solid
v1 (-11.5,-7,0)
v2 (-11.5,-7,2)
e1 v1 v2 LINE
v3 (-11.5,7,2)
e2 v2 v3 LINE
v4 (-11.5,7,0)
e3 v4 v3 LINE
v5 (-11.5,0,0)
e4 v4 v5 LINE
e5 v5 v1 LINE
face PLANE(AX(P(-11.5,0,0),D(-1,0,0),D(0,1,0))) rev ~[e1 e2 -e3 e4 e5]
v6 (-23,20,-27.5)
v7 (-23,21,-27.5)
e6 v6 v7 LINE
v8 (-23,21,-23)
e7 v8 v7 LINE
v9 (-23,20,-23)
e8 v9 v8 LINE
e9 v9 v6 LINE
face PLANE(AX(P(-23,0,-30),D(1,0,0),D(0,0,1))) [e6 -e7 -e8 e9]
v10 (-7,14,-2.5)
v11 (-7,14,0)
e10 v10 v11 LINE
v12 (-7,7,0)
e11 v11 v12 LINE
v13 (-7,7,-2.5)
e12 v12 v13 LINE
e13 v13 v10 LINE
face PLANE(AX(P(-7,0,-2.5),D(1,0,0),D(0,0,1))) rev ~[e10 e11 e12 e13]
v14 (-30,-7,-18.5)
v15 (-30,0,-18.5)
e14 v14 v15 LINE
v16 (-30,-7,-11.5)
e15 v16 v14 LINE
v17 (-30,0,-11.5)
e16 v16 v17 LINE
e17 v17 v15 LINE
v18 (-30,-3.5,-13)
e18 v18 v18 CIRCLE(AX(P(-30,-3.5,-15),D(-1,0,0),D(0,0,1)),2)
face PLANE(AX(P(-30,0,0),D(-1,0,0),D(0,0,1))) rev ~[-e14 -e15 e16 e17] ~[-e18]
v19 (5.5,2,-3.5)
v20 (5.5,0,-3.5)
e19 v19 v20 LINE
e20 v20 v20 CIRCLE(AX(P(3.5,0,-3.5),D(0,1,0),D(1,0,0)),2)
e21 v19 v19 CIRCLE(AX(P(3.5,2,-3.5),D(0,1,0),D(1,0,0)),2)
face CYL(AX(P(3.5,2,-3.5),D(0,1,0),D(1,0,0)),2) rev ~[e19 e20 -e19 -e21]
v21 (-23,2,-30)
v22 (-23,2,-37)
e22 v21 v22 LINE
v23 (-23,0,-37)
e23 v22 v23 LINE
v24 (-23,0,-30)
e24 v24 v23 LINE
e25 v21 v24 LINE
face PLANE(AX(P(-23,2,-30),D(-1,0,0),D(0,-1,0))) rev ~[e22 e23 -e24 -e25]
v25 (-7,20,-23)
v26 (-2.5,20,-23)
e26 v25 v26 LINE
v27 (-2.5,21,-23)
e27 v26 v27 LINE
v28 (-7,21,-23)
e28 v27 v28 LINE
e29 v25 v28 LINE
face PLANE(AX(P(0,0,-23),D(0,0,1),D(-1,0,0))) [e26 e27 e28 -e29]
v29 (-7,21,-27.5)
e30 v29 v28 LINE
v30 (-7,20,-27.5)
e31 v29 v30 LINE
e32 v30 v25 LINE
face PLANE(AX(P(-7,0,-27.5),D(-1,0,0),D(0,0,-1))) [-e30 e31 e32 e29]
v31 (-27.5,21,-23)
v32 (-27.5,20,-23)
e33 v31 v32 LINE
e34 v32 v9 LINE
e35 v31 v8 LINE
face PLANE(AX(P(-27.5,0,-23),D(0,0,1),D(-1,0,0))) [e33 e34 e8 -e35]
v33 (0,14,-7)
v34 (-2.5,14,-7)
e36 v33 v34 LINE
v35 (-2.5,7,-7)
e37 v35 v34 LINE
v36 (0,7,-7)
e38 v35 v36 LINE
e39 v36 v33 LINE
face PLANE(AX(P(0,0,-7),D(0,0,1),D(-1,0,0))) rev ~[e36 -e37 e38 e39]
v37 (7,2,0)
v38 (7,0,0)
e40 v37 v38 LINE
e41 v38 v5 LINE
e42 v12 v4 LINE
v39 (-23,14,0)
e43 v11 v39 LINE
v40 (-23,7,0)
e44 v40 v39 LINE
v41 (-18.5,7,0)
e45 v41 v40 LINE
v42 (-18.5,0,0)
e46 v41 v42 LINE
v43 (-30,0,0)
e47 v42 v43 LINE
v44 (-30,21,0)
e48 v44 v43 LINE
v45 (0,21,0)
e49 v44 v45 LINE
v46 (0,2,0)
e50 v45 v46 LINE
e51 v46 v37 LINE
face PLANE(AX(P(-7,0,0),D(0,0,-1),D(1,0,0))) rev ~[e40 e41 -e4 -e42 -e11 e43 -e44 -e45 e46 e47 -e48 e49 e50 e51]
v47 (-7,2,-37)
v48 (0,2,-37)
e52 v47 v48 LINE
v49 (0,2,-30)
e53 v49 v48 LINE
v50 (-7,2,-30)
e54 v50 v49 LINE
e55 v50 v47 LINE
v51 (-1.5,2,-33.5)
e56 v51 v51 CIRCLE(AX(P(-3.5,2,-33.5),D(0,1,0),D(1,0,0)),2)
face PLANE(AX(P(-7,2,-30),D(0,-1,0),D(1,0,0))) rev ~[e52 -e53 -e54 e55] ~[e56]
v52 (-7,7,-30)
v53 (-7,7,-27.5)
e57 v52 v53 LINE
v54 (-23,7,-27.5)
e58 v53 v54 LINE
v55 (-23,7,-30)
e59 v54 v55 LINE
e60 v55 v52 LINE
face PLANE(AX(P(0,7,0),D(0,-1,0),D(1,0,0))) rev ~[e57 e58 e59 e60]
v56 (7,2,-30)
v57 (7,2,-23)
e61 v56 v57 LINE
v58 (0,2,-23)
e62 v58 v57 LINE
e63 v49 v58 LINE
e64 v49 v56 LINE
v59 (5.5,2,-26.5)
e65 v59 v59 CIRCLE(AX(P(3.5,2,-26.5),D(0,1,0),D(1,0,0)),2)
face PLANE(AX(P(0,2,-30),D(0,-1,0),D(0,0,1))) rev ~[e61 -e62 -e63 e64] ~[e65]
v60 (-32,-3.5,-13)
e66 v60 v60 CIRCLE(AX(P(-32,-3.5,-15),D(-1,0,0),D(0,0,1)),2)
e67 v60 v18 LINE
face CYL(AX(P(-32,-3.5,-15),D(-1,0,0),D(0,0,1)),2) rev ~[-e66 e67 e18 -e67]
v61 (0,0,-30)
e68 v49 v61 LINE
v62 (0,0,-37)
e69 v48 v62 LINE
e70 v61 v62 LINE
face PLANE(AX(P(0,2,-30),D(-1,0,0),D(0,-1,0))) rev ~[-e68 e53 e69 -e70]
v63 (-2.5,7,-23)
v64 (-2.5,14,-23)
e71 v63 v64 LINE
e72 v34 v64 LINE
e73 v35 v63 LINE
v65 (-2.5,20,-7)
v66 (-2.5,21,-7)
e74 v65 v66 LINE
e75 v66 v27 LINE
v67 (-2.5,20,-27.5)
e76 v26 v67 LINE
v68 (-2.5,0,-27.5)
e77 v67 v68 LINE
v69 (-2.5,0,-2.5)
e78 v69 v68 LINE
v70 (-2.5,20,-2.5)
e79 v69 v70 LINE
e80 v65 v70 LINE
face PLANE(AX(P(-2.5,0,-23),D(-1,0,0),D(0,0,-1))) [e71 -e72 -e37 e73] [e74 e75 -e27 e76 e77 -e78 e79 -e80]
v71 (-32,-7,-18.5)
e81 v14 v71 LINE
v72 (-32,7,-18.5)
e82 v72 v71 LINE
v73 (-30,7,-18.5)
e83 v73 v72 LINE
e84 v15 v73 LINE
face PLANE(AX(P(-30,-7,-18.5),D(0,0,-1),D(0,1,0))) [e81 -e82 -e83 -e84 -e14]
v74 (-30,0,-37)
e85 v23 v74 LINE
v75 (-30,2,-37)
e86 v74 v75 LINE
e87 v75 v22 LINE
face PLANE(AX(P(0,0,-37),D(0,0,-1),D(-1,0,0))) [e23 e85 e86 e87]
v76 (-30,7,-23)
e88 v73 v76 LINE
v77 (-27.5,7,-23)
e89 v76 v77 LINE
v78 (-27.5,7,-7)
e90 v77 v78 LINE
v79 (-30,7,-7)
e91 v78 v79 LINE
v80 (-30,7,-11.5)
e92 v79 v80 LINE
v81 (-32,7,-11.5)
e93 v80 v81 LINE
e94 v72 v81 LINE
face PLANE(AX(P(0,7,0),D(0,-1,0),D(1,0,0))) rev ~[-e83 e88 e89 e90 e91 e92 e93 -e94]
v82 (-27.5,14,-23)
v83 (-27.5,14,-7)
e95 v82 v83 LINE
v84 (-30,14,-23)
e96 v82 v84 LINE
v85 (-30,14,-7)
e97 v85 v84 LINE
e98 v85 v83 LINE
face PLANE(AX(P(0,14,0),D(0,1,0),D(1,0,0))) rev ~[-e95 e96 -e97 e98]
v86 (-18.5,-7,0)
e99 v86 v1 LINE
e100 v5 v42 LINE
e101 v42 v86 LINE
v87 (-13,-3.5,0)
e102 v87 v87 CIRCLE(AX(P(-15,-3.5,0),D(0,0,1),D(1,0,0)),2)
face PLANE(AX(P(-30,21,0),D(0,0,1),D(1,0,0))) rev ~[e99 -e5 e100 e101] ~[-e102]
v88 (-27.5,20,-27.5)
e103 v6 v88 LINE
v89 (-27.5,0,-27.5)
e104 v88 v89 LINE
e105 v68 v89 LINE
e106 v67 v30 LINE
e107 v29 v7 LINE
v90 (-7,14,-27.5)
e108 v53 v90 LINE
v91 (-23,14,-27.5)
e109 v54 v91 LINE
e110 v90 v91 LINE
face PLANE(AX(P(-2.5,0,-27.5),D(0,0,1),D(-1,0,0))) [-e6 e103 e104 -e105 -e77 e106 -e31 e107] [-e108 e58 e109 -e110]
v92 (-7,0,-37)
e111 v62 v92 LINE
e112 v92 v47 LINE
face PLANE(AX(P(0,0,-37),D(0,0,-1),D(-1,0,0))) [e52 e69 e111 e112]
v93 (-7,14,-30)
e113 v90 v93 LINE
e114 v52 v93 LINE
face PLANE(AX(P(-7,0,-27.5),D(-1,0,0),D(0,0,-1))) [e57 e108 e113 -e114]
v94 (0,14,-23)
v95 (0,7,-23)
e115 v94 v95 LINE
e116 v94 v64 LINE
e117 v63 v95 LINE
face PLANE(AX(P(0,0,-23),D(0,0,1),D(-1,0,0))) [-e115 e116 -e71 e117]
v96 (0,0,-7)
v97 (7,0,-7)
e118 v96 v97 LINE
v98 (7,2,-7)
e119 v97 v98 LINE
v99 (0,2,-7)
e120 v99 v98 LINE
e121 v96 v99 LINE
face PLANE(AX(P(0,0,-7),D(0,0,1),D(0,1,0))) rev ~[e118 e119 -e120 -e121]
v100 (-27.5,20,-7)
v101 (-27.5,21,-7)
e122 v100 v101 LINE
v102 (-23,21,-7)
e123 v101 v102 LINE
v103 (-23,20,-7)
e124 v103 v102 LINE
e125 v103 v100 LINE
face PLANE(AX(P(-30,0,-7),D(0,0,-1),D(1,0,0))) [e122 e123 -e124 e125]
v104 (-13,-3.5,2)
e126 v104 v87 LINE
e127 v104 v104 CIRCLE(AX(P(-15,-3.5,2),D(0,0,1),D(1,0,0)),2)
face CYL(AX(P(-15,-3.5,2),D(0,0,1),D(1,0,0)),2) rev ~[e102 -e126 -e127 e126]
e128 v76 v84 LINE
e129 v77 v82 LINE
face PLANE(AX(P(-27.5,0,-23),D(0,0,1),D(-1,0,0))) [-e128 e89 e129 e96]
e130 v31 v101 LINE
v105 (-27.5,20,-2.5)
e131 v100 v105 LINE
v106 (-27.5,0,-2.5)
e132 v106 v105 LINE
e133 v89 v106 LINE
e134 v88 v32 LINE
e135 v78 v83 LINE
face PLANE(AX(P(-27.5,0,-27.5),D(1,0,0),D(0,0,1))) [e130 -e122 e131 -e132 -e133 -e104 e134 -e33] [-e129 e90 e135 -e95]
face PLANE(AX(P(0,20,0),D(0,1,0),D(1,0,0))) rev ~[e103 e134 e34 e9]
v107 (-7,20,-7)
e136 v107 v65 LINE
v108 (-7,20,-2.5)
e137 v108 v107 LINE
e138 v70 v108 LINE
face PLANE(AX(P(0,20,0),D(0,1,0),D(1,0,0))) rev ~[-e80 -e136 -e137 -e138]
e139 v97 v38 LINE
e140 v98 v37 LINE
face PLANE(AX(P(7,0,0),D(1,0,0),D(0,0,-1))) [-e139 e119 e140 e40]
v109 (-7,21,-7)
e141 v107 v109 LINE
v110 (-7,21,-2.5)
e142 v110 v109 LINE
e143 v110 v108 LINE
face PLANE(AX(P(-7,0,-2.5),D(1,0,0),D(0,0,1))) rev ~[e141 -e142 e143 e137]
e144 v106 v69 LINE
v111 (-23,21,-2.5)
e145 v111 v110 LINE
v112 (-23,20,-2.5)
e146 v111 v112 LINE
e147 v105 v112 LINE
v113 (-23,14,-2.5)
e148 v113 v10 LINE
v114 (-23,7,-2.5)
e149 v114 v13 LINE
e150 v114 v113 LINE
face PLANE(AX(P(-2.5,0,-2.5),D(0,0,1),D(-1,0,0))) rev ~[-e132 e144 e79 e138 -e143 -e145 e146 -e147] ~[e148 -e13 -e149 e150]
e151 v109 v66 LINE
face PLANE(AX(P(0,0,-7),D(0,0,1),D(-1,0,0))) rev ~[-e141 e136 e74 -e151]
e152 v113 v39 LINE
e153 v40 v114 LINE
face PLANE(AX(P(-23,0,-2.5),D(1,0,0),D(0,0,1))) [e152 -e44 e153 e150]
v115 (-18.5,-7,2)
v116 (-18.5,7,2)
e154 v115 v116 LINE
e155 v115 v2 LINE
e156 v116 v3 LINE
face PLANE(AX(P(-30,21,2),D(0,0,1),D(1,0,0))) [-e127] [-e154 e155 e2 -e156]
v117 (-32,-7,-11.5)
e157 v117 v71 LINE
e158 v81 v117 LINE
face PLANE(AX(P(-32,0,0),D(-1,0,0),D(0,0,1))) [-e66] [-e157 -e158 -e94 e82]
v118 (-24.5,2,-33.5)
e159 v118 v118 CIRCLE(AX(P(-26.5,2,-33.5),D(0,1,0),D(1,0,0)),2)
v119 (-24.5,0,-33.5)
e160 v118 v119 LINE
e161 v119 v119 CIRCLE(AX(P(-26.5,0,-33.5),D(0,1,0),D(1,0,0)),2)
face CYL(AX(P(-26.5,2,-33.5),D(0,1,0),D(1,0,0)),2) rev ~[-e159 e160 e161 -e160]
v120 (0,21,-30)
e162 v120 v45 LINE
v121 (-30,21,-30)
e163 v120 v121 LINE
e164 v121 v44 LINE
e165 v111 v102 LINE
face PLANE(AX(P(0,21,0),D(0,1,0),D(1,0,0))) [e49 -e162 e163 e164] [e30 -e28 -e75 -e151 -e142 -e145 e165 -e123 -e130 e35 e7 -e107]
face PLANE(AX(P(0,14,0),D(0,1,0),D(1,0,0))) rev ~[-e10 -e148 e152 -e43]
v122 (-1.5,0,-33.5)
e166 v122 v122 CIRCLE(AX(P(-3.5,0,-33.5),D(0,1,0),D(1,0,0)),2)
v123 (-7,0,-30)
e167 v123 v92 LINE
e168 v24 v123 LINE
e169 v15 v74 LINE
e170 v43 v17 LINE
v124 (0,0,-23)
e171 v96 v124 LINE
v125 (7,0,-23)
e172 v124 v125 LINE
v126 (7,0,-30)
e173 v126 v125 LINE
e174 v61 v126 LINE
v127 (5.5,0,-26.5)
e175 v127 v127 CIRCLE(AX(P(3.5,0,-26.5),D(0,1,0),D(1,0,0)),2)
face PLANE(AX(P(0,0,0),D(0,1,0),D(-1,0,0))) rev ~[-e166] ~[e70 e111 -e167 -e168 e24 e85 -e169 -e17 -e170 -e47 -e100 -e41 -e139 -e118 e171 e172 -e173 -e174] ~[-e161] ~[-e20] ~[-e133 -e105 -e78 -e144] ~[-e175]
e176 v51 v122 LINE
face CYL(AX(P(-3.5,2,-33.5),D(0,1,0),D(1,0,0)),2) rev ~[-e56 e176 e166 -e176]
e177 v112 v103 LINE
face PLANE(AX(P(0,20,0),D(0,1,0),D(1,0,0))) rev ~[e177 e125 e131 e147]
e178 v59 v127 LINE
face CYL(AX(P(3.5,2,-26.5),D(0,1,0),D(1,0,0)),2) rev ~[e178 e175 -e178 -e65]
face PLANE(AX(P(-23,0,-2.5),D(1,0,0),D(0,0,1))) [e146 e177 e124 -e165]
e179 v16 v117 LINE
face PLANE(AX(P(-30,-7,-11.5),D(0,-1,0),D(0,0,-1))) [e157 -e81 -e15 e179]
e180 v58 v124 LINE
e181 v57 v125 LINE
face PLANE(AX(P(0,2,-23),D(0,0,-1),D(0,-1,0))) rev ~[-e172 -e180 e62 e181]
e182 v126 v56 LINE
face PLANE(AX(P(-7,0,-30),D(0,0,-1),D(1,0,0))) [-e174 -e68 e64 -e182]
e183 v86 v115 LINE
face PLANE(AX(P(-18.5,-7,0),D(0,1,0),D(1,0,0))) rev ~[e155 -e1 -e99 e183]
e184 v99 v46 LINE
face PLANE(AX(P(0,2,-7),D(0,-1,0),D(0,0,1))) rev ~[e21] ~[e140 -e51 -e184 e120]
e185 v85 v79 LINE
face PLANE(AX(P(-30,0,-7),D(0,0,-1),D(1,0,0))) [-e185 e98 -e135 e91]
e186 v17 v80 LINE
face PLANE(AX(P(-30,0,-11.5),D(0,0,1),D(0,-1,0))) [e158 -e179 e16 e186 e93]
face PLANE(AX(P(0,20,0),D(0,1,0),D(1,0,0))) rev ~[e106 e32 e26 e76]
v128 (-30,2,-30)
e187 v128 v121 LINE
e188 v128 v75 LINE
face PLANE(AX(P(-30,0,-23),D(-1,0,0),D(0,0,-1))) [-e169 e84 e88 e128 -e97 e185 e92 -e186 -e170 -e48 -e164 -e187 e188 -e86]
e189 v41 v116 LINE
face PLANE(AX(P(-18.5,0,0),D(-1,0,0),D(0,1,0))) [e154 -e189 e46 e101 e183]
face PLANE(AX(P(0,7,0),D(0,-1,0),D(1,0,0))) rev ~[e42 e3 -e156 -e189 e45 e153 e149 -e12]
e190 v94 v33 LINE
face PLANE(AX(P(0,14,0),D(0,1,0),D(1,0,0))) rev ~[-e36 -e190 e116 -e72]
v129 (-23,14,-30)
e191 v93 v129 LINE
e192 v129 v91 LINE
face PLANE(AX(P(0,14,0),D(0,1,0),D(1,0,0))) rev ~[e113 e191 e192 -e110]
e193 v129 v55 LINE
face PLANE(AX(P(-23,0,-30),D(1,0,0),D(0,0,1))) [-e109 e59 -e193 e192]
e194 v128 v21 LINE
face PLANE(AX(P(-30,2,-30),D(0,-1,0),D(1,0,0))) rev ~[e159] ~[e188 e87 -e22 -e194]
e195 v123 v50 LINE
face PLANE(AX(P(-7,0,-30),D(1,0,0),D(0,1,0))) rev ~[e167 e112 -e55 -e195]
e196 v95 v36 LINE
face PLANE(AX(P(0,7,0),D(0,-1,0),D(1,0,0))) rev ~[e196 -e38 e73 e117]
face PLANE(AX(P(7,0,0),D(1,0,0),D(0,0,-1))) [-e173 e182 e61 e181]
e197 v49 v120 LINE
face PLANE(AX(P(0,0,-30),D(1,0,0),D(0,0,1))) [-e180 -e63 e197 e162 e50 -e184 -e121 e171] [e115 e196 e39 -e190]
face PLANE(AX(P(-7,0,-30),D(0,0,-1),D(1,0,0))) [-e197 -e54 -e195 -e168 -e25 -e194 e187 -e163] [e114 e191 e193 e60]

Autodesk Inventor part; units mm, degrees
ref_plane "YZ Plane" through (0, 0, 0) normal (1, 0, 0) x (0, 1, 0)
ref_plane "XZ Plane" through (0, 0, 0) normal (0, 1, 0) x (-1, 0, 0)
ref_plane "XY Plane" through (0, 0, 0) normal (0, 0, 1) x (1, 0, 0)
sketch "Sketch1" plane through (0, 0, 0) normal (0, 1, 0) x (-1, 0, 0)
  line L0 (0, 0) -> (0, -7)
  line L1 (0, -7) -> (2.5, -7)
  line L2 (2.5, -7) -> (2.5, -2.5)
  line L3 (2.5, -2.5) -> (7, -2.5)
  line L4 (7, -2.5) -> (7, 0)
  line L5 (7, 0) -> (0, 0)
  line L6 (0, -30) -> (0, -23)
  line L7 (0, -23) -> (2.5, -23)
  line L8 (2.5, -23) -> (2.5, -27.5)
  line L9 (2.5, -27.5) -> (7, -27.5)
  line L10 (7, -27.5) -> (7, -30)
  line L11 (7, -30) -> (0, -30)
  line L12 (23, 0) -> (30, 0)
  line L13 (30, 0) -> (30, -7)
  line L14 (30, -7) -> (27.5, -7)
  line L15 (27.5, -7) -> (27.5, -2.5)
  line L16 (27.5, -2.5) -> (23, -2.5)
  line L17 (23, -2.5) -> (23, 0)
  line L18 (30, -23) -> (30, -30)
  line L19 (30, -30) -> (23, -30)
  line L20 (23, -30) -> (23, -27.5)
  line L21 (23, -27.5) -> (27.5, -27.5)
  line L22 (27.5, -27.5) -> (27.5, -23)
  line L23 (27.5, -23) -> (30, -23)
  dimension "d0" = 7
  dimension "d1" = 2.5
  dimension "d2" = 4.5
  dimension "d3" = 4.5
  dimension "d8" = 7
  dimension "d9" = 4.5
  dimension "d10" = 7
  dimension "d11" = 7
  dimension "d12" = 2.5
  dimension "d13" = 30
  dimension "d14" = 30
  dimension "d15" = 30
  dimension "d16" = 2.5
  dimension "d17" = 2.5
  dimension "d18" = 4.5
  dimension "d19" = 7
extrude "Extrusion1" add sketch "Sketch1" along normal blind 20
sketch "Sketch2" plane through (0, 0, 0) normal (0, -1, 0) x (1, 0, 0)
  line L0 (0, 0) -> (-30, 0)
  line L1 (-30, 0) -> (-30, -30)
  line L2 (-30, -30) -> (0, -30)
  line L3 (0, -30) -> (0, 0)
  line L4 (-27.5, -2.5) -> (-2.5, -2.5)
  line L5 (-2.5, -2.5) -> (-2.5, -27.5)
  line L6 (-2.5, -27.5) -> (-27.5, -27.5)
  line L7 (-27.5, -27.5) -> (-23, -27.5) projected
  line L8 (-27.5, -27.5) -> (-27.5, -2.5)
extrude "Extrusion2" add sketch "Sketch2" against normal blind 7
sketch "Sketch3" plane through (0, 20, 0) normal (0, 1, 0) x (1, 0, 0)
  line L0 (0, 0) -> (-7, 0)
  line L1 (0, 0) -> (-30, 0) projected
  line L2 (-7, 0) -> (-7, 7)
  line L3 (-7, 7) -> (0, 7)
  line L4 (0, 7) -> (0, 0)
  line L5 (0, 30) -> (-7, 30)
  line L6 (-7, 30) -> (-7, 23)
  line L7 (-7, 23) -> (0, 23)
  line L8 (-2.5, 23) -> (0, 23) projected
  line L9 (0, 23) -> (0, 30)
  line L10 (0, 23) -> (0, 30) projected
  line L11 (-30, 30) -> (-30, 23)
  line L12 (-30, 0) -> (-30, 30) projected
  line L13 (-30, 23) -> (-23, 23)
  line L14 (-23, 23) -> (-23, 30)
  line L15 (-23, 30) -> (-30, 30)
  line L16 (-30, 30) -> (0, 30) projected
  line L17 (-30, 0) -> (-23, 0)
  line L18 (-23, 0) -> (-23, 7)
  line L19 (-23, 7) -> (-30, 7)
  line L20 (-27.5, 7) -> (-30, 7) projected
  line L21 (-30, 7) -> (-30, 0)
  dimension "d24" = 7
  dimension "d25" = 7
  dimension "d26" = 7
  dimension "d27" = 7
  dimension "d28" = 7
extrude "Extrusion3" add sketch "Sketch3" along normal blind 1
sketch "Sketch4" plane through (0, 0, 0) normal (1, 0, 0) x (0, 0, -1)
  line L0 (0, 0) -> (7, 0)
  line L1 (27.5, 0) -> (2.5, 0) projected
  line L2 (7, 0) -> (7, 2)
  line L3 (7, 2) -> (0, 2)
  line L4 (0, 2) -> (0, 0)
  line L5 (30, 0) -> (30, 2)
  line L6 (30, 0) -> (30, 21) projected
  line L7 (30, 2) -> (23, 2)
  line L8 (23, 2) -> (23, 0)
  line L9 (0, 0) -> (30, 0) projected
  line L10 (23, 0) -> (30, 0)
  dimension "d31" = 7
  dimension "d32" = 2
  dimension "d33" = 2
  dimension "d34" = 7
sketch "Sketch5" plane through (0, 0, -30) normal (0, 0, -1) x (-1, 0, 0)
  line L0 (0, 0) -> (7, 0)
  line L1 (7, 0) -> (7, 2)
  line L2 (7, 2) -> (0, 2)
  line L3 (0, 2) -> (0, 0)
  line L4 (30, 0) -> (30, 2)
  line L5 (30, 0) -> (30, 21) projected
  line L6 (30, 2) -> (23, 2)
  line L7 (23, 2) -> (23, 0)
  line L8 (23, 0) -> (30, 0)
  line L9 (30, 0) -> (0, 0) projected
  dimension "d35" = 7
  dimension "d36" = 2
  dimension "d37" = 2
  dimension "d38" = 7
extrude "Extrusion4" add sketch "Sketch4" along normal blind 7
extrude "Extrusion5" add sketch "Sketch5" along normal blind 7
sketch "Sketch6" plane through (0, 2, 0) normal (0, 1, 0) x (1, 0, 0)
  circle A0 centre (3.5, 3.5) radius 2
  line L0 (7, 7) -> (7, 0) projected
  line L1 (0, 0) -> (7, 0) projected
  point P0 (7, 3.5)
  point P1 (3.5, 0)
  dimension "d43" = 4
sketch "Sketch7" plane through (0, 2, -23) normal (0, 1, 0) x (1, 0, 0)
  circle A0 centre (3.5, 3.5) radius 2
  line L0 (7, 7) -> (7, 0) projected
  line L1 (0, 0) -> (7, 0) projected
  point P0 (0, -23)
  point P1 (7, 3.5)
  point P2 (3.5, 0)
  dimension "d44" = 4
sketch "Sketch8" plane through (-7, 2, -30) normal (0, 1, 0) x (1, 0, 0)
  circle A0 centre (3.5, 3.5) radius 2
  circle A1 centre (-19.5, 3.5) radius 2
  line L0 (7, 0) -> (7, 7) projected
  line L1 (7, 0) -> (0, 0) projected
  line L2 (-23, 0) -> (-23, 7) projected
  line L3 (-23, 7) -> (-16, 7) projected
  point P0 (7, -30)
  point P1 (7, 3.5)
  point P2 (3.5, 0)
  point P3 (-23, 3.5)
  point P4 (-19.5, 7)
  dimension "d45" = 4
  dimension "d46" = 4
extrude "Extrusion6" cut sketch "Sketch6" against normal blind 2
extrude "Extrusion7" cut sketch "Sketch7" against normal blind 2
extrude "Extrusion8" cut sketch "Sketch8" against normal blind 2
sketch "Sketch9" plane through (0, 21, 0) normal (0, 1, 0) x (1, 0, 0)
  line L0 (0, 30) -> (0, 0)
  line L1 (0, 0) -> (-30, 0)
  line L2 (7, 0) -> (-30, 0) projected
  line L3 (-30, 0) -> (-30, 30)
  line L4 (-30, 0) -> (-30, 37) projected
  line L5 (0, 30) -> (-30, 30)
  line L6 (-2.5, 27.5) -> (-27.5, 27.5)
  line L7 (-2.5, 27.5) -> (-27.5, 27.5) projected
  line L8 (-27.5, 27.5) -> (-27.5, 2.5)
  line L9 (-27.5, 2.5) -> (-2.5, 2.5)
  line L10 (-27.5, 2.5) -> (-2.5, 2.5) projected
  line L11 (-2.5, 2.5) -> (-2.5, 27.5)
extrude "Extrusion9" add sketch "Sketch9" against normal blind 7
sketch "Sketch10" plane through (-30, 0, 0) normal (-1, 0, 0) x (0, 0, 1)
  line L0 (0, 0) -> (-11.5, 0)
  line L1 (-2.5, 0) -> (-27.5, 0) projected
  line L2 (-11.5, 0) -> (-11.5, -7)
  line L3 (-11.5, -7) -> (-18.5, -7)
  line L4 (-18.5, -7) -> (-18.5, 0)
  line L5 (-18.5, 0) -> (-18.5, 7)
  line L6 (-23, 7) -> (-7, 7) projected
  line L7 (-18.5, 7) -> (-11.5, 7)
  line L8 (-11.5, 0) -> (-11.5, 7)
  dimension "d55" = 11.5
  dimension "d56" = 7
  dimension "d57" = 7
  dimension "d58" = 7
extrude "Extrusion10" add sketch "Sketch10" along normal blind 2
sketch "Sketch11" plane through (-30, 21, 0) normal (0, 0, 1) x (1, 0, 0)
  line L0 (0, -21) -> (11.5, -21)
  line L1 (7, -21) -> (23, -21) projected
  line L2 (11.5, -21) -> (18.5, -21)
  line L3 (18.5, -21) -> (18.5, -14)
  line L4 (7, -14) -> (23, -14) projected
  line L5 (18.5, -14) -> (11.5, -14)
  line L6 (11.5, -21) -> (11.5, -14)
  line L7 (11.5, -21) -> (11.5, -28)
  line L8 (11.5, -28) -> (18.5, -28)
  line L9 (18.5, -28) -> (18.5, -21)
  point P0 (30, -21)
  dimension "d61" = 11.5
  dimension "d62" = 7
  dimension "d63" = 7
extrude "Extrusion11" add sketch "Sketch11" along normal blind 2
sketch "Sketch12" plane through (-30, 21, 2) normal (0, 0, 1) x (1, 0, 0)
  circle A0 centre (15, -24.5) radius 2
  line L0 (18.5, -28) -> (18.5, -21) projected
  line L1 (11.5, -28) -> (18.5, -28) projected
  point P0 (30, -21)
  point P1 (18.5, -24.5)
  point P2 (15, -28)
  dimension "d66" = 4
sketch "Sketch13" plane through (-32, 0, 0) normal (-1, 0, 0) x (0, 0, 1)
  circle A0 centre (-15, -3.5) radius 2
  line L0 (-11.5, -7) -> (-11.5, 0) projected
  line L1 (-18.5, -7) -> (-11.5, -7) projected
  point P0 (0, 0)
  point P1 (-11.5, -3.5)
  point P2 (-15, -7)
  dimension "d67" = 4
extrude "Extrusion12" cut sketch "Sketch13" against normal blind 2
extrude "Extrusion13" cut sketch "Sketch12" against normal blind 2
properties part number "ygolki" material "Nylon, molybdenum disulphide"
